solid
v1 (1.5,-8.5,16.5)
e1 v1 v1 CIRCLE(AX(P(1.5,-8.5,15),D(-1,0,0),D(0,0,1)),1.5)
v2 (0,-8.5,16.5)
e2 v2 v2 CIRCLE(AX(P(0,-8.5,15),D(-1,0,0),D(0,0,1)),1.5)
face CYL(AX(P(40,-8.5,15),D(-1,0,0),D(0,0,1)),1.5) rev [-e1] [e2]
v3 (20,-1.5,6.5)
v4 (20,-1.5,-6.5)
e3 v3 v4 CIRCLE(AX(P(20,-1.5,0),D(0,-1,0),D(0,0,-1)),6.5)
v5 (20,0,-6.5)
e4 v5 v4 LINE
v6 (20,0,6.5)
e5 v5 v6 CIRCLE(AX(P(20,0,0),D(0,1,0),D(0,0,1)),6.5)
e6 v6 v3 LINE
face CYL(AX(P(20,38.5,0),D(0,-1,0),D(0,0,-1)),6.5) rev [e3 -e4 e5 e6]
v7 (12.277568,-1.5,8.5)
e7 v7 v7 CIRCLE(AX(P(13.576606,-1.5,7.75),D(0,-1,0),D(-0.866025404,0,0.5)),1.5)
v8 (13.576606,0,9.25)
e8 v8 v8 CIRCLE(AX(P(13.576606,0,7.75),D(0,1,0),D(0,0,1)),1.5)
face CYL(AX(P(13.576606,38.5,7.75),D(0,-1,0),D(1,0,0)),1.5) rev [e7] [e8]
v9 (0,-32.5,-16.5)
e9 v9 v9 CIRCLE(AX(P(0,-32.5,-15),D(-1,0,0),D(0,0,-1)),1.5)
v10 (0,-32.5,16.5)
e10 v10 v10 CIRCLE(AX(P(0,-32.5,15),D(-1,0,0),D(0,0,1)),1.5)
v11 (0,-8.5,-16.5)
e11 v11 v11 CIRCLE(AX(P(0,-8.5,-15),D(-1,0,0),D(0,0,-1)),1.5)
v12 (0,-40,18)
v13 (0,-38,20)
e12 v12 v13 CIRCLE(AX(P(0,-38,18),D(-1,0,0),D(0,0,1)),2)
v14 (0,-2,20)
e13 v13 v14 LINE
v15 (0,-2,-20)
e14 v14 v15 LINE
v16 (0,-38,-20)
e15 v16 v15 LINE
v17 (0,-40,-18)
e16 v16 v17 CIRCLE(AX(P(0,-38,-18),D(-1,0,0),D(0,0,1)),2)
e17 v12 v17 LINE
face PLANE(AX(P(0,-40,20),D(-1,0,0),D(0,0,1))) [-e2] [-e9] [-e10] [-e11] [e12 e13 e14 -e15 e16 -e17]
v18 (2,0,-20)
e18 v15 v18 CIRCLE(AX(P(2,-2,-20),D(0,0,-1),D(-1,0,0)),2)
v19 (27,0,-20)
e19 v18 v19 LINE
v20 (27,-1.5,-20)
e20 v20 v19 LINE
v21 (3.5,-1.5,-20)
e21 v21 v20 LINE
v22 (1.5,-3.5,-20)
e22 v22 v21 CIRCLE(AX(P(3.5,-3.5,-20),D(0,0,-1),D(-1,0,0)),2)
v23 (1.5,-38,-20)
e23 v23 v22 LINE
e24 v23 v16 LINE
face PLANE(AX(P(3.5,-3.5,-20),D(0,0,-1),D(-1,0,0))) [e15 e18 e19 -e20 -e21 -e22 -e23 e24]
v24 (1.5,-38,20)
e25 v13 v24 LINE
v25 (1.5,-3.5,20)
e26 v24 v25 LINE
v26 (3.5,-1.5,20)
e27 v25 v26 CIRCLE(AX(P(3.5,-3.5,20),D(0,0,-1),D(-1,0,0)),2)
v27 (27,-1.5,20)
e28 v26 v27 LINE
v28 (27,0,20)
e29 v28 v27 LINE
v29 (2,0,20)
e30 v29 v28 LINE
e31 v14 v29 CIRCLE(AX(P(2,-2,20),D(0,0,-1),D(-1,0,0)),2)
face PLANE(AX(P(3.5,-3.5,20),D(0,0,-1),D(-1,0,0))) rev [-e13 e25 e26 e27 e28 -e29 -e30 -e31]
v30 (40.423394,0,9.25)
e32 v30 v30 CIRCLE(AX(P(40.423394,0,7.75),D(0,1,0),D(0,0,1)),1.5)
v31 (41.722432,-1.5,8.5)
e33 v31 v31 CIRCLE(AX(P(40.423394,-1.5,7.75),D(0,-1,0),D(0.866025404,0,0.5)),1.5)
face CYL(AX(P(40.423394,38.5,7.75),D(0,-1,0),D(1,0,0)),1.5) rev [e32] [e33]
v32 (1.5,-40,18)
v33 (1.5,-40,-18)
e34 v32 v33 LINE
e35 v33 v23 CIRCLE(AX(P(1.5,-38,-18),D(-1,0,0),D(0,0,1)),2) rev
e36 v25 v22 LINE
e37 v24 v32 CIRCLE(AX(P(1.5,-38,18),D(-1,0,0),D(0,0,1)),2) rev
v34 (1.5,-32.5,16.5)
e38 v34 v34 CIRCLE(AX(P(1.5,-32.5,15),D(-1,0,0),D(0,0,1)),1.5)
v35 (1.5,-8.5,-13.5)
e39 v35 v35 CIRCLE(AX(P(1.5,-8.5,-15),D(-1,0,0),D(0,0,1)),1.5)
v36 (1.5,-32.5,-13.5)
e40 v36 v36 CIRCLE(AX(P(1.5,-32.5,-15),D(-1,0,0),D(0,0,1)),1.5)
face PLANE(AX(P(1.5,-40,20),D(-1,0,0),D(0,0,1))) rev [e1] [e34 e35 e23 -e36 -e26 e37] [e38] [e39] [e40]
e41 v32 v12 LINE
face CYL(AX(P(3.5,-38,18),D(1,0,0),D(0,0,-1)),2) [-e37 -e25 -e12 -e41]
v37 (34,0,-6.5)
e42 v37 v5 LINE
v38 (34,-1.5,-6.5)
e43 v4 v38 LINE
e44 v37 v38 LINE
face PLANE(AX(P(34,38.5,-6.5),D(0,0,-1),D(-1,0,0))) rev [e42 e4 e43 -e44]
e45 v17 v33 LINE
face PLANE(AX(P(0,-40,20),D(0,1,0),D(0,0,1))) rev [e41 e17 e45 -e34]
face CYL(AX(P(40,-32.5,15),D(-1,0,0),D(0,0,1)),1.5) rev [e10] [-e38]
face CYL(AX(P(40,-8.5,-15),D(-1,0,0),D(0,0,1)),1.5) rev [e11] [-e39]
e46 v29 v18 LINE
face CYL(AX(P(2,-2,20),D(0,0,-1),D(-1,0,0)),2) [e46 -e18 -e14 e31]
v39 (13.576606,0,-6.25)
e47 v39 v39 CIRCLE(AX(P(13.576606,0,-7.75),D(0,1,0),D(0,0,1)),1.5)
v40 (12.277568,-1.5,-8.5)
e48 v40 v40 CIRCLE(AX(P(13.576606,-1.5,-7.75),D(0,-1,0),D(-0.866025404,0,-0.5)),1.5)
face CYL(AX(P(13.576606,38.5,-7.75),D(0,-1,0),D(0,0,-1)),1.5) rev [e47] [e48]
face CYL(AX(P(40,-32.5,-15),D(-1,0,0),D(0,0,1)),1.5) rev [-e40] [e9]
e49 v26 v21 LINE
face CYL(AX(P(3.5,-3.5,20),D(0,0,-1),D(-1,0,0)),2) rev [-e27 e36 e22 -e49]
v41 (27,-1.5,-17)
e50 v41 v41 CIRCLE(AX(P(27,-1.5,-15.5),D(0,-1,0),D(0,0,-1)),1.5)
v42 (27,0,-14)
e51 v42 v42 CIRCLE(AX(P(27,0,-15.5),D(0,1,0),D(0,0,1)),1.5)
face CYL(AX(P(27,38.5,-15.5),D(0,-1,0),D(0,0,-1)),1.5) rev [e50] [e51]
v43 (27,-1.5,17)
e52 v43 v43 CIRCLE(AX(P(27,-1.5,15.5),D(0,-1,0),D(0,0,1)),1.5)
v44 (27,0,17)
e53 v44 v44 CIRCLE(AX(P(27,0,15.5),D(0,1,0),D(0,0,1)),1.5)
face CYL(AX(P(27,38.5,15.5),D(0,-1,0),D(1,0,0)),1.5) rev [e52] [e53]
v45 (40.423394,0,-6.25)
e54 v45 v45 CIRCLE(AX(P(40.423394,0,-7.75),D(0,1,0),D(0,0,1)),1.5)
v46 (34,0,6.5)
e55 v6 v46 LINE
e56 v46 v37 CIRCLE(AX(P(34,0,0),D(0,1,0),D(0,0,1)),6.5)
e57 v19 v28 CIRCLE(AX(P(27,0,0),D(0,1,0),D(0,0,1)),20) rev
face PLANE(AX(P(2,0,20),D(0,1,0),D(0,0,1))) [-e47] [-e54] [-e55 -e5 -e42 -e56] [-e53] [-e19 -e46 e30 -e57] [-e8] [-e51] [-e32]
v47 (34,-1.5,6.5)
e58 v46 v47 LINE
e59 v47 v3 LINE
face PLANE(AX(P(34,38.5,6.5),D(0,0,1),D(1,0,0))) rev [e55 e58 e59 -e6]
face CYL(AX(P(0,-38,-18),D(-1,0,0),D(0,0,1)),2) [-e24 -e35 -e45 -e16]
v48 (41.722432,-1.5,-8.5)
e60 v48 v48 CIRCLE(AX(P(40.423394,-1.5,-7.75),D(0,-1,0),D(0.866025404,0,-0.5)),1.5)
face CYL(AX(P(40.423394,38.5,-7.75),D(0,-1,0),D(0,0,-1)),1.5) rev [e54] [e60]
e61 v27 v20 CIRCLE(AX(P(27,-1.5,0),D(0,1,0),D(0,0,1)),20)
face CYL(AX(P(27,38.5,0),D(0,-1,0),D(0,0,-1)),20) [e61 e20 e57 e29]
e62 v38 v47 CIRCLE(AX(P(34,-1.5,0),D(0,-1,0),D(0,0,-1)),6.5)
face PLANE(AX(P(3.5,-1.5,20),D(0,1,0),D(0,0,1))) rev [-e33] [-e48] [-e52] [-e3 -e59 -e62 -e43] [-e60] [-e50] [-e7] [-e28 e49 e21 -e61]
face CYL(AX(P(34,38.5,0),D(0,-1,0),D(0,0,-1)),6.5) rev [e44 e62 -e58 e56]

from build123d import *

# Parameters (mm, degrees)
EXTRUDE_1_DEPTH          = 20
CUT_EXTRUDE_2_DEPTH      = 40
SKETCH_4_R               = 1.5
CUT_EXTRUDE_3_DEPTH      = 40
SKETCH_5_R               = 1.5
CUT_EXTRUDE_4_DEPTH      = 40
FILLET_1_R               = 2
PATTERN_CIRCULAR_1_COUNT = 6


with BuildPart() as part:
    # 草图1 → 凸台-拉伸1 (new, symmetric)
    with BuildSketch(Plane.XY):
        with BuildLine():
            Line((0, -40), (0, -2))
            ThreePointArc((0, -2), (0.585786438, -0.585786438), (2, 0))
            Line((2, 0), (50, 0))
            Line((50, 0), (50, -1.5))
            Line((50, -1.5), (3.5, -1.5))
            ThreePointArc((3.5, -1.5), (2.085786438, -2.085786438), (1.5, -3.5))
            Line((1.5, -3.5), (1.5, -40))
            Line((1.5, -40), (0, -40))
        make_face()
    extrude(amount=EXTRUDE_1_DEPTH, both=True)

    # 草图3 → 切除-拉伸2 (cut)
    with BuildSketch(Plane.XZ.offset(1.5)):
        with BuildLine():
            Line((27, 20), (50, 20))
            Line((50, 20), (50, -20))
            Line((50, -20), (27, -20))
            ThreePointArc((27, -20), (47, 0), (27, 20))
        make_face()
        with BuildLine():
            Line((34, -6.5), (20, -6.5))
            ThreePointArc((20, -6.5), (13.5, 0), (20, 6.5))
            Line((20, 6.5), (34, 6.5))
            ThreePointArc((34, 6.5), (40.5, 0), (34, -6.5))
        make_face()
    extrude(amount=-CUT_EXTRUDE_2_DEPTH, mode=Mode.SUBTRACT)

    # 草图4 → 切除-拉伸3 (cut)
    with BuildSketch(Plane.XZ.offset(1.5)):
        with Locations(Location((27, -15.5, 0), (0, 0, 270))):
            Circle(SKETCH_4_R)
    cut_extrude_3 = extrude(amount=-CUT_EXTRUDE_3_DEPTH, mode=Mode.SUBTRACT)

    # 草图5 → 切除-拉伸4 (cut)
    with BuildSketch(Plane.ZY):
        with Locations((15, -8.5)):
            Circle(SKETCH_5_R)
        with Locations((15, -32.5)):
            Circle(SKETCH_5_R)
        with Locations((-15, -32.5)):
            Circle(SKETCH_5_R)
        with Locations((-15, -8.5)):
            Circle(SKETCH_5_R)
    extrude(amount=-CUT_EXTRUDE_4_DEPTH, mode=Mode.SUBTRACT)

    # 圆角1
    fillet_1_edges = [part.edges().sort_by_distance(p)[0] for p in [
        (0.75, -40, 20),
        (0.75, -40, -20),
    ]]
    fillet(fillet_1_edges, radius=FILLET_1_R)

    # 阵列(圆周)1: 切除-拉伸3 ×6 about axis
    pattern_circular_1_axis = Axis((27, 0, 0), (0, 1, 0))
    for i in range(1, PATTERN_CIRCULAR_1_COUNT):
        add(cut_extrude_3.rotate(pattern_circular_1_axis, i * 360 / PATTERN_CIRCULAR_1_COUNT), mode=Mode.SUBTRACT)


solid = part.part
